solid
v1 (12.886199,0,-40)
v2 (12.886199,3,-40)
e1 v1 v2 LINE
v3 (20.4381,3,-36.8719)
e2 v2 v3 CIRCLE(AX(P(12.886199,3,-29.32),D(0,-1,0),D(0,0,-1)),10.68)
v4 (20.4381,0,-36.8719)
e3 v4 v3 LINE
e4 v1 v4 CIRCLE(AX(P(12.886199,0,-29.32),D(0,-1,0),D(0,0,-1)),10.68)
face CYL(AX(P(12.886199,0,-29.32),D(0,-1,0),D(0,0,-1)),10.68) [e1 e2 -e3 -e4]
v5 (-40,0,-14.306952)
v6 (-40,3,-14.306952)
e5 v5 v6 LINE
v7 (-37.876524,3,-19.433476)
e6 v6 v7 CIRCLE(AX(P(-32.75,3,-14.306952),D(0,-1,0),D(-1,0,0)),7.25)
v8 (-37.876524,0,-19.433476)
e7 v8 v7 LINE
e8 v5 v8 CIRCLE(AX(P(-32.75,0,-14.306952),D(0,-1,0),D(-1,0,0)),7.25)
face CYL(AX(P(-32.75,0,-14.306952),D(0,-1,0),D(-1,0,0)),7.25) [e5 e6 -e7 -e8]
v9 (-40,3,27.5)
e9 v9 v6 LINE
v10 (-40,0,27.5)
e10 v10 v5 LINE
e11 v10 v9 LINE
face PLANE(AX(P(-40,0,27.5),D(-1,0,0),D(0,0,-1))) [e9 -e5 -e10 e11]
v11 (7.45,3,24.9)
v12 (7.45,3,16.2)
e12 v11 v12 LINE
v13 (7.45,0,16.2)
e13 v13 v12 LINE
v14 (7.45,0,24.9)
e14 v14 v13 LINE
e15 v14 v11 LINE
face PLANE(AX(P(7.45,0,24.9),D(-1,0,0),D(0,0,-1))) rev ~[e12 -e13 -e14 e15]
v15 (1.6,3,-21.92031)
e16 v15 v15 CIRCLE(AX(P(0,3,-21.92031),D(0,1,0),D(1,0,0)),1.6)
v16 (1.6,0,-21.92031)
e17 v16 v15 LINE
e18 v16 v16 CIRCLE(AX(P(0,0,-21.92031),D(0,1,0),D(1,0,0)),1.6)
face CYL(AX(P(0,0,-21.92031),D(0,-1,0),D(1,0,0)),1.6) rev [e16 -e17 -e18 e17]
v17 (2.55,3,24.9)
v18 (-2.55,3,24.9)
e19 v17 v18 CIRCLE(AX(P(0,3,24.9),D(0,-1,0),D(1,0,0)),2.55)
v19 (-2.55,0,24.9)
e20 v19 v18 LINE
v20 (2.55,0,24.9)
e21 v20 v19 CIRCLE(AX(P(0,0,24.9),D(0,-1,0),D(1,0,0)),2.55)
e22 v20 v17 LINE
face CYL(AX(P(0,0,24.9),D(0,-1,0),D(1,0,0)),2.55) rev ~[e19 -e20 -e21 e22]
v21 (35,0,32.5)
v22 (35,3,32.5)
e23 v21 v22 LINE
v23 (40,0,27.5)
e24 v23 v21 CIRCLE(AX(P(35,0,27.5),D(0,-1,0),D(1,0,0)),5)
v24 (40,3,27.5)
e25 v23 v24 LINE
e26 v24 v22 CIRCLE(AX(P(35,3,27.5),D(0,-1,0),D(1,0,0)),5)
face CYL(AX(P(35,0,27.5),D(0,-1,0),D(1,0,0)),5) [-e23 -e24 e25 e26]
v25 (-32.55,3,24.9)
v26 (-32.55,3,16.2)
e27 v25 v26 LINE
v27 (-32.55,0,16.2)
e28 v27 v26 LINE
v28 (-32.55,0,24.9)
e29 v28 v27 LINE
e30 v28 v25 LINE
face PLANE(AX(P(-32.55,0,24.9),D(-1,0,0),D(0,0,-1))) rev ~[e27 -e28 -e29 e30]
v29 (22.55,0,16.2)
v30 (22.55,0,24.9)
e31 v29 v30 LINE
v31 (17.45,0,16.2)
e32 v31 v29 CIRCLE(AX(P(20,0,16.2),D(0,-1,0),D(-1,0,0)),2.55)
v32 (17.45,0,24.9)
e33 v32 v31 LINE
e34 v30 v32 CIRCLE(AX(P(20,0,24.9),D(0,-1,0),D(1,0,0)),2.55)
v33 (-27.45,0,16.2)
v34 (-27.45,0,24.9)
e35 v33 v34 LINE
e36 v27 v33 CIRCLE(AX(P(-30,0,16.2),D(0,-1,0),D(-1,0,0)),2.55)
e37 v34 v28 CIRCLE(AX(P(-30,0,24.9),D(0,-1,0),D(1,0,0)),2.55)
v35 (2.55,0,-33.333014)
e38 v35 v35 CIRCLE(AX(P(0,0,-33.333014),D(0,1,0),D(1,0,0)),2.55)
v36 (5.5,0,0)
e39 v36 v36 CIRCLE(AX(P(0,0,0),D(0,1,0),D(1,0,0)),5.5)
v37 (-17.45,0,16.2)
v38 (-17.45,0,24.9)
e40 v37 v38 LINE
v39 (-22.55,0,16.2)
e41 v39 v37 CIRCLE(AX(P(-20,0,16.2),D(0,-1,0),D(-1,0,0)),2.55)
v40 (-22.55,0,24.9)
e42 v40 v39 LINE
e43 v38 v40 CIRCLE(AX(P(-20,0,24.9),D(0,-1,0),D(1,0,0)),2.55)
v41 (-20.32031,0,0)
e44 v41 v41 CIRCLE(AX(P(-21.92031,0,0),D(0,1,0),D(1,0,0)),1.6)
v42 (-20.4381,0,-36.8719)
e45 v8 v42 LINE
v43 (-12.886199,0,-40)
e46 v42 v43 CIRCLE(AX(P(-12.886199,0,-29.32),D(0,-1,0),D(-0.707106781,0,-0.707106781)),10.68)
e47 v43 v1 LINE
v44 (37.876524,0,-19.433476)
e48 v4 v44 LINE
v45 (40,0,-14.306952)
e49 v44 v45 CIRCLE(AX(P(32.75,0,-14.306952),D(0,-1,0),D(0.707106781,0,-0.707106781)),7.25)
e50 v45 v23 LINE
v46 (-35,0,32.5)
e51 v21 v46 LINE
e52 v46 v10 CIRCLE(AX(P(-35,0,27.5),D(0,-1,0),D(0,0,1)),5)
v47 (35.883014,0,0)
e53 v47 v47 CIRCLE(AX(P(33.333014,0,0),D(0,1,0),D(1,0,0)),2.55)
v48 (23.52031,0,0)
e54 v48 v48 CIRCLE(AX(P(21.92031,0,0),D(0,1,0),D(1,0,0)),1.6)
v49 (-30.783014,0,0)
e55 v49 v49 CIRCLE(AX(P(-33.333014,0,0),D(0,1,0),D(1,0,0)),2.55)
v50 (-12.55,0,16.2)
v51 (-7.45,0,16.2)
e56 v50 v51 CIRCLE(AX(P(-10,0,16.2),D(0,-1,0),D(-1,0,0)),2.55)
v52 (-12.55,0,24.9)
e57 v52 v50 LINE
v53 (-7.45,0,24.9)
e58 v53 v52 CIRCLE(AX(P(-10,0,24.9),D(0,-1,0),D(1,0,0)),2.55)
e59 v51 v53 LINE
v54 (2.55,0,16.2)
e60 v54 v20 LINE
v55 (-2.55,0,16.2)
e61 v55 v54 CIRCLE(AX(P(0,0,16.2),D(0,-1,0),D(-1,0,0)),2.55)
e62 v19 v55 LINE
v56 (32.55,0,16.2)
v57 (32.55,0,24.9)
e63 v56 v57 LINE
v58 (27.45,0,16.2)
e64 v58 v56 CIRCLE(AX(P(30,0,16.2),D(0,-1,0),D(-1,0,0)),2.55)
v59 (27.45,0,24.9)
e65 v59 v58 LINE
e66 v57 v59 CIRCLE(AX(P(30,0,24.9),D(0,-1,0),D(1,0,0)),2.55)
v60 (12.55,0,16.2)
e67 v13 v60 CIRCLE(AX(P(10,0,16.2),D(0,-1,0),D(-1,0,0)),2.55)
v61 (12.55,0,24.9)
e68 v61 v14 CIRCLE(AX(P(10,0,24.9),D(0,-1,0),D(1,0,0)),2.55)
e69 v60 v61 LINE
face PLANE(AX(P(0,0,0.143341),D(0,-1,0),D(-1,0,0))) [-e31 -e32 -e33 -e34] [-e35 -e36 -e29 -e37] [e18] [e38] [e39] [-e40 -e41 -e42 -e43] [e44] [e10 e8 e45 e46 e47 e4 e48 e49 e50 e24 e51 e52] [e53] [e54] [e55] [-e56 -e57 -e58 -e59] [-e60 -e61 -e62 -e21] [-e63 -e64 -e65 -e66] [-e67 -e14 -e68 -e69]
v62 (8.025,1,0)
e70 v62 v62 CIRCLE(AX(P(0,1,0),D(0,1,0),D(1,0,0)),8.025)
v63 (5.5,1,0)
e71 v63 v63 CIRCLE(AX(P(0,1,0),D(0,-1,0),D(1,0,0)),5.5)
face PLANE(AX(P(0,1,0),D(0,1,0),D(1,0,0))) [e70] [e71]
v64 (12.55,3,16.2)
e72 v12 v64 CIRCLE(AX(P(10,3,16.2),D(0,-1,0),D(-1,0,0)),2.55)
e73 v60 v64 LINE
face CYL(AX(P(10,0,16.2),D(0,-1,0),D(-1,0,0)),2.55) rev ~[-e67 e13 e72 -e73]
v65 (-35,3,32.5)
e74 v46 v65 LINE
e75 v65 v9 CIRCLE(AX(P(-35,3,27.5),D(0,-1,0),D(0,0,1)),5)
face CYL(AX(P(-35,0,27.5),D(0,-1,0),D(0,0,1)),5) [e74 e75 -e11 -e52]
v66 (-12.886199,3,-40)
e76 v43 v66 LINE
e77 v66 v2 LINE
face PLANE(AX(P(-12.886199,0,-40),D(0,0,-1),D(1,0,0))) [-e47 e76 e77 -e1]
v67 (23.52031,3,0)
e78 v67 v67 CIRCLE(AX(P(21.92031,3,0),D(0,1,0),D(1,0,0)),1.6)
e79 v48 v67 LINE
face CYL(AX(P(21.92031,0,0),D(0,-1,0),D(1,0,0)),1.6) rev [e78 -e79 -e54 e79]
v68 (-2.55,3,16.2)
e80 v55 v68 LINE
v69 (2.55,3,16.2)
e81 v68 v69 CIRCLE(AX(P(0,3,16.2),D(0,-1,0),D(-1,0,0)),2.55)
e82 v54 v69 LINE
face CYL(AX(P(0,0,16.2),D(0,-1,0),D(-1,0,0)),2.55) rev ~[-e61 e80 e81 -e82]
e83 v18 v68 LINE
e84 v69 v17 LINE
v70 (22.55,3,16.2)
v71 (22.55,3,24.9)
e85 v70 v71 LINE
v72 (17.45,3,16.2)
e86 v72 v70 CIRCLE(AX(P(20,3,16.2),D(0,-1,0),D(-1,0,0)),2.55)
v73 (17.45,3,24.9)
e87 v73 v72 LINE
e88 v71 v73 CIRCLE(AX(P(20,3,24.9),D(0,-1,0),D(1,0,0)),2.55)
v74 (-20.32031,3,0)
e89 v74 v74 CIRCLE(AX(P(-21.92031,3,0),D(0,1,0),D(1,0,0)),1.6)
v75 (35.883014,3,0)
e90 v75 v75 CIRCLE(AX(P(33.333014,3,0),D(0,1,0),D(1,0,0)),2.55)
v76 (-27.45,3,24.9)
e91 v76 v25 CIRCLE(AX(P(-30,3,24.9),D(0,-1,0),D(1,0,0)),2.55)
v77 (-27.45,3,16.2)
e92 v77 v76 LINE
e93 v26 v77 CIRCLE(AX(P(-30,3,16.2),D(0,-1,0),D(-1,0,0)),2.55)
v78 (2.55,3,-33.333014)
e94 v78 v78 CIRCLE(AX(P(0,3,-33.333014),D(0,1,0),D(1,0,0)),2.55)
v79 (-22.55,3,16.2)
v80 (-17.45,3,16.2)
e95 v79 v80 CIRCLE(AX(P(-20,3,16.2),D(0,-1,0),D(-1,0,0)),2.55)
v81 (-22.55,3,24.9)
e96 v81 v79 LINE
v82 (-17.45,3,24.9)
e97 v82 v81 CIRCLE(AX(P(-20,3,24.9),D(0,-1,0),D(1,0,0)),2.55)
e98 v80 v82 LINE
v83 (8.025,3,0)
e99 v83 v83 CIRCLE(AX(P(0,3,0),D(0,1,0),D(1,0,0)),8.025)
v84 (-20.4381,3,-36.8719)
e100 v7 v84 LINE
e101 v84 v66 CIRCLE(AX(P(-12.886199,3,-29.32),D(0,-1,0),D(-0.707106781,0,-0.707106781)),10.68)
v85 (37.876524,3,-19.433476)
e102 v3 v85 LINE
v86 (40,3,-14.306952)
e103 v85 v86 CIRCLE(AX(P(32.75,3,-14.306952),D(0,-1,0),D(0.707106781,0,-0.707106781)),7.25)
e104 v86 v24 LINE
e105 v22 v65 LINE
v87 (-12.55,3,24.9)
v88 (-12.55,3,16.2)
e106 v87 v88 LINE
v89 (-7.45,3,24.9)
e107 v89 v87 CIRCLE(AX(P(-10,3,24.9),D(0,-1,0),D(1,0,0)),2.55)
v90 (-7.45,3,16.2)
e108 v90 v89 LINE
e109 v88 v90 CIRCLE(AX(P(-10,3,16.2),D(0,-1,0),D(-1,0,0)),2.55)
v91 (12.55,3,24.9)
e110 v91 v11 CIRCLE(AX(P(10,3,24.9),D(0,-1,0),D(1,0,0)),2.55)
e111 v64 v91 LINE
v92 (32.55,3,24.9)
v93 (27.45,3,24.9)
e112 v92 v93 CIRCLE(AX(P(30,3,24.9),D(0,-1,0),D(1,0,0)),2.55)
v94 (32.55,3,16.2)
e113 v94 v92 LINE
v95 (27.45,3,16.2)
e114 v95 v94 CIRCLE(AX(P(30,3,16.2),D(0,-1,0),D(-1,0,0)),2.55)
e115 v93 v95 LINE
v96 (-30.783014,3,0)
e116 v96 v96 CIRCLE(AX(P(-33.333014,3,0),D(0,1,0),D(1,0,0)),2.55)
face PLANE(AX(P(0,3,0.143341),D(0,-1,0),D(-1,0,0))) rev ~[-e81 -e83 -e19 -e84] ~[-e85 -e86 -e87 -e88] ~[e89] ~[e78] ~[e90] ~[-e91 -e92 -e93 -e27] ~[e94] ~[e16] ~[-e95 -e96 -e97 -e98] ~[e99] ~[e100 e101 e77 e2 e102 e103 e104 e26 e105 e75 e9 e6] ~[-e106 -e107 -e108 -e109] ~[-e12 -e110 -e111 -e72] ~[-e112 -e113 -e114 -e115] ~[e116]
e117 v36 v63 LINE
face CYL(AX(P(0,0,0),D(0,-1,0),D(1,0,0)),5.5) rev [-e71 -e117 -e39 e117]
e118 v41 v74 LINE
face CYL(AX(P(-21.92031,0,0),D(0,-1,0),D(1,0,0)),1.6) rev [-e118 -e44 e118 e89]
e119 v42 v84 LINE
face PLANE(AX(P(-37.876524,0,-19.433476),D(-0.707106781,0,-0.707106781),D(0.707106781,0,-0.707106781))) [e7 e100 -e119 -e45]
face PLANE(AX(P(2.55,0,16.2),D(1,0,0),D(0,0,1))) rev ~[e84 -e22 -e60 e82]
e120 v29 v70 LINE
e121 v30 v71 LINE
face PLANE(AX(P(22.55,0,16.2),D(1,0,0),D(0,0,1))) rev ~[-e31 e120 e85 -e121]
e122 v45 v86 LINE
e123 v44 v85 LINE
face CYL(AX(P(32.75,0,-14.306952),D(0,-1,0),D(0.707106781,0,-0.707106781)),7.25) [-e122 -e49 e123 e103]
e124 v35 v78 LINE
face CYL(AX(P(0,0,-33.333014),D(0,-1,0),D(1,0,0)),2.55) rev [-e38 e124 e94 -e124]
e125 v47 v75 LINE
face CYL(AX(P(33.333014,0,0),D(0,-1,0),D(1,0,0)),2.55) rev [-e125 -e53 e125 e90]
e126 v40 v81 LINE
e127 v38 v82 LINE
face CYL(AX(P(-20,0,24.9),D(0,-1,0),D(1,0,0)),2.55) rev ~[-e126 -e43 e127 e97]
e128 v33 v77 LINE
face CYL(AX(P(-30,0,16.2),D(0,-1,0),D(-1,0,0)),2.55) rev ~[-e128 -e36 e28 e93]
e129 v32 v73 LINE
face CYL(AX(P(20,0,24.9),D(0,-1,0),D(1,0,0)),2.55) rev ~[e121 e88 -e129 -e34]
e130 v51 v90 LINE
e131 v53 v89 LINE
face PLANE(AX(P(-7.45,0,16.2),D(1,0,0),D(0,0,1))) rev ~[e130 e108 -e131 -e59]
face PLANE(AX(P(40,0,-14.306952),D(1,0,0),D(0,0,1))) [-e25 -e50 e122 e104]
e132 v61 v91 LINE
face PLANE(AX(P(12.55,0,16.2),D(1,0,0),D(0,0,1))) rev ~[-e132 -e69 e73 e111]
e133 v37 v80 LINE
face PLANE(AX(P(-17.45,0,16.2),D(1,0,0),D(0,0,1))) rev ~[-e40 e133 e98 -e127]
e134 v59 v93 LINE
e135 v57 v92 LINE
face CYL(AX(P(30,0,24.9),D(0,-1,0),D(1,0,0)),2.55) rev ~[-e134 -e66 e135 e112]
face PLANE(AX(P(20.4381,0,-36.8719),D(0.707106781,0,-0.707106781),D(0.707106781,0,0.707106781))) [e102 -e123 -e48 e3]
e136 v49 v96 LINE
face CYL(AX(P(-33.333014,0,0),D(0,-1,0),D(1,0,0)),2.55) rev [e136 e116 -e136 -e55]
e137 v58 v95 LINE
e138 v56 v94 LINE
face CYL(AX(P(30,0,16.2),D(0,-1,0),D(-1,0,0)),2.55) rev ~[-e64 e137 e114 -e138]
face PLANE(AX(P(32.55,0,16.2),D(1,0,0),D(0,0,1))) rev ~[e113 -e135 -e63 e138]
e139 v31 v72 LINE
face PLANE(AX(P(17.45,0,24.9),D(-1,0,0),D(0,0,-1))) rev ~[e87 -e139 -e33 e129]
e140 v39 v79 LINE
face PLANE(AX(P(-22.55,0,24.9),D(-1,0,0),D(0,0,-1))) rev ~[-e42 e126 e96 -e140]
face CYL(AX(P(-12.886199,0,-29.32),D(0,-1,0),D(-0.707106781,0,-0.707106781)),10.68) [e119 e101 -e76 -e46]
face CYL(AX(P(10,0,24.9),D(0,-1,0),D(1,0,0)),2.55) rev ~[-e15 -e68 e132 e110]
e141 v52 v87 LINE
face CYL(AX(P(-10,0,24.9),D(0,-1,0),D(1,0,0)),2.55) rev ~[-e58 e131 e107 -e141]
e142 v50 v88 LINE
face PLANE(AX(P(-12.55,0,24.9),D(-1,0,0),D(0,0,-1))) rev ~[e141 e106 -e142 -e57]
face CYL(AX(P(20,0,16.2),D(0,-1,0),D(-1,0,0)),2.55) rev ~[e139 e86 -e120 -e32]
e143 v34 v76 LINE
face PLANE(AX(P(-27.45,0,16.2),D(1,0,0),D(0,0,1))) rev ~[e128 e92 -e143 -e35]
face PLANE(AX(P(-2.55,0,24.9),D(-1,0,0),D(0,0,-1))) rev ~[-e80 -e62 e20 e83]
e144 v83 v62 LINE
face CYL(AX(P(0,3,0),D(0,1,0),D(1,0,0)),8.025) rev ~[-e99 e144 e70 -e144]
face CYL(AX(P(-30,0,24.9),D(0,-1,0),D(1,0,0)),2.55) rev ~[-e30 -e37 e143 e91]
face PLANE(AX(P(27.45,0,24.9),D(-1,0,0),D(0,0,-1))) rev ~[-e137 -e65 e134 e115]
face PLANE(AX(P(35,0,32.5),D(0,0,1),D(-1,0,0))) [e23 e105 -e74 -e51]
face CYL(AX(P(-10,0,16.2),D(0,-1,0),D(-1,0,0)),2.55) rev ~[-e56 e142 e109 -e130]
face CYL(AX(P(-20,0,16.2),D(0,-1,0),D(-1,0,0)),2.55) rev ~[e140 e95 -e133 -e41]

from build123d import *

# Parameters (mm, degrees)
SKETCH1_R           = 1.6
SKETCH1_R_2         = 5.5
SKETCH1_R_3         = 2.55
BOSS_EXTRUDE1_DEPTH = 3
SKETCH2_R           = 8.025
CUT_EXTRUDE1_DEPTH  = 2


with BuildPart() as part:
    # Sketch1 → Boss-Extrude1 (new body)
    with BuildSketch(Plane(origin=(0, 0, 0), x_dir=(1, 0, 0), z_dir=(0, 1, 0))):
        with BuildLine():
            Line((35, -32.5), (-35, -32.5))
            ThreePointArc((-35, -32.5), (-38.535533906, -31.035533906), (-40, -27.5))
            Line((-40, -27.5), (-40, 14.306951673))
            ThreePointArc((-40, 14.306951673), (-39.448126611, 17.081406557), (-37.876524164, 19.433475836))
            Line((-37.876524164, 19.433475836), (-20.438099577, 36.871900423))
            ThreePointArc((-20.438099577, 36.871900423), (-16.973258212, 39.187033407), (-12.886199154, 40))
            Line((-12.886199154, 40), (12.886199154, 40))
            ThreePointArc((12.886199154, 40), (16.973258212, 39.187033407), (20.438099577, 36.871900423))
            Line((20.438099577, 36.871900423), (37.876524164, 19.433475836))
            ThreePointArc((37.876524164, 19.433475836), (39.448126611, 17.081406557), (40, 14.306951673))
            Line((40, 14.306951673), (40, -27.5))
            ThreePointArc((40, -27.5), (38.535533906, -31.035533906), (35, -32.5))
        make_face()
        with Locations((21.920310217, 0)):
            Circle(SKETCH1_R, mode=Mode.SUBTRACT)
        with Locations((-21.920310217, 0)):
            Circle(SKETCH1_R, mode=Mode.SUBTRACT)
        Circle(SKETCH1_R_2, mode=Mode.SUBTRACT)
        with Locations((0, 21.920310217)):
            Circle(SKETCH1_R, mode=Mode.SUBTRACT)
        with Locations((-33.333013665, 0)):
            Circle(SKETCH1_R_3, mode=Mode.SUBTRACT)
        with Locations((0, 33.333013665)):
            Circle(SKETCH1_R_3, mode=Mode.SUBTRACT)
        with Locations((33.333013665, 0)):
            Circle(SKETCH1_R_3, mode=Mode.SUBTRACT)
        with BuildLine():
            Line((27.45, -24.9), (27.45, -16.2))
            ThreePointArc((27.45, -16.2), (30, -13.65), (32.55, -16.2))
            Line((32.55, -16.2), (32.55, -24.9))
            ThreePointArc((32.55, -24.9), (30, -27.45), (27.45, -24.9))
        make_face(mode=Mode.SUBTRACT)
        with BuildLine():
            Line((17.45, -24.9), (17.45, -16.2))
            ThreePointArc((17.45, -16.2), (20, -13.65), (22.55, -16.2))
            Line((22.55, -16.2), (22.55, -24.9))
            ThreePointArc((22.55, -24.9), (20, -27.45), (17.45, -24.9))
        make_face(mode=Mode.SUBTRACT)
        with BuildLine():
            Line((7.45, -24.9), (7.45, -16.2))
            ThreePointArc((7.45, -16.2), (10, -13.65), (12.55, -16.2))
            Line((12.55, -16.2), (12.55, -24.9))
            ThreePointArc((12.55, -24.9), (10, -27.45), (7.45, -24.9))
        make_face(mode=Mode.SUBTRACT)
        with BuildLine():
            Line((-2.55, -24.9), (-2.55, -16.2))
            ThreePointArc((-2.55, -16.2), (0, -13.65), (2.55, -16.2))
            Line((2.55, -16.2), (2.55, -24.9))
            ThreePointArc((2.55, -24.9), (0, -27.45), (-2.55, -24.9))
        make_face(mode=Mode.SUBTRACT)
        with BuildLine():
            Line((-12.55, -24.9), (-12.55, -16.2))
            ThreePointArc((-12.55, -16.2), (-10, -13.65), (-7.45, -16.2))
            Line((-7.45, -16.2), (-7.45, -24.9))
            ThreePointArc((-7.45, -24.9), (-10, -27.45), (-12.55, -24.9))
        make_face(mode=Mode.SUBTRACT)
        with BuildLine():
            Line((-22.55, -24.9), (-22.55, -16.2))
            ThreePointArc((-22.55, -16.2), (-20, -13.65), (-17.45, -16.2))
            Line((-17.45, -16.2), (-17.45, -24.9))
            ThreePointArc((-17.45, -24.9), (-20, -27.45), (-22.55, -24.9))
        make_face(mode=Mode.SUBTRACT)
        with BuildLine():
            Line((-32.55, -24.9), (-32.55, -16.2))
            ThreePointArc((-32.55, -16.2), (-30, -13.65), (-27.45, -16.2))
            Line((-27.45, -16.2), (-27.45, -24.9))
            ThreePointArc((-27.45, -24.9), (-30, -27.45), (-32.55, -24.9))
        make_face(mode=Mode.SUBTRACT)
    extrude(amount=BOSS_EXTRUDE1_DEPTH)

    # Sketch2 → Cut-Extrude1 (cut)
    with BuildSketch(Plane(origin=(0, 3, 0), x_dir=(1, 0, 0), z_dir=(0, 1, 0))):
        Circle(SKETCH2_R)
    extrude(amount=-CUT_EXTRUDE1_DEPTH, mode=Mode.SUBTRACT)


solid = part.part
